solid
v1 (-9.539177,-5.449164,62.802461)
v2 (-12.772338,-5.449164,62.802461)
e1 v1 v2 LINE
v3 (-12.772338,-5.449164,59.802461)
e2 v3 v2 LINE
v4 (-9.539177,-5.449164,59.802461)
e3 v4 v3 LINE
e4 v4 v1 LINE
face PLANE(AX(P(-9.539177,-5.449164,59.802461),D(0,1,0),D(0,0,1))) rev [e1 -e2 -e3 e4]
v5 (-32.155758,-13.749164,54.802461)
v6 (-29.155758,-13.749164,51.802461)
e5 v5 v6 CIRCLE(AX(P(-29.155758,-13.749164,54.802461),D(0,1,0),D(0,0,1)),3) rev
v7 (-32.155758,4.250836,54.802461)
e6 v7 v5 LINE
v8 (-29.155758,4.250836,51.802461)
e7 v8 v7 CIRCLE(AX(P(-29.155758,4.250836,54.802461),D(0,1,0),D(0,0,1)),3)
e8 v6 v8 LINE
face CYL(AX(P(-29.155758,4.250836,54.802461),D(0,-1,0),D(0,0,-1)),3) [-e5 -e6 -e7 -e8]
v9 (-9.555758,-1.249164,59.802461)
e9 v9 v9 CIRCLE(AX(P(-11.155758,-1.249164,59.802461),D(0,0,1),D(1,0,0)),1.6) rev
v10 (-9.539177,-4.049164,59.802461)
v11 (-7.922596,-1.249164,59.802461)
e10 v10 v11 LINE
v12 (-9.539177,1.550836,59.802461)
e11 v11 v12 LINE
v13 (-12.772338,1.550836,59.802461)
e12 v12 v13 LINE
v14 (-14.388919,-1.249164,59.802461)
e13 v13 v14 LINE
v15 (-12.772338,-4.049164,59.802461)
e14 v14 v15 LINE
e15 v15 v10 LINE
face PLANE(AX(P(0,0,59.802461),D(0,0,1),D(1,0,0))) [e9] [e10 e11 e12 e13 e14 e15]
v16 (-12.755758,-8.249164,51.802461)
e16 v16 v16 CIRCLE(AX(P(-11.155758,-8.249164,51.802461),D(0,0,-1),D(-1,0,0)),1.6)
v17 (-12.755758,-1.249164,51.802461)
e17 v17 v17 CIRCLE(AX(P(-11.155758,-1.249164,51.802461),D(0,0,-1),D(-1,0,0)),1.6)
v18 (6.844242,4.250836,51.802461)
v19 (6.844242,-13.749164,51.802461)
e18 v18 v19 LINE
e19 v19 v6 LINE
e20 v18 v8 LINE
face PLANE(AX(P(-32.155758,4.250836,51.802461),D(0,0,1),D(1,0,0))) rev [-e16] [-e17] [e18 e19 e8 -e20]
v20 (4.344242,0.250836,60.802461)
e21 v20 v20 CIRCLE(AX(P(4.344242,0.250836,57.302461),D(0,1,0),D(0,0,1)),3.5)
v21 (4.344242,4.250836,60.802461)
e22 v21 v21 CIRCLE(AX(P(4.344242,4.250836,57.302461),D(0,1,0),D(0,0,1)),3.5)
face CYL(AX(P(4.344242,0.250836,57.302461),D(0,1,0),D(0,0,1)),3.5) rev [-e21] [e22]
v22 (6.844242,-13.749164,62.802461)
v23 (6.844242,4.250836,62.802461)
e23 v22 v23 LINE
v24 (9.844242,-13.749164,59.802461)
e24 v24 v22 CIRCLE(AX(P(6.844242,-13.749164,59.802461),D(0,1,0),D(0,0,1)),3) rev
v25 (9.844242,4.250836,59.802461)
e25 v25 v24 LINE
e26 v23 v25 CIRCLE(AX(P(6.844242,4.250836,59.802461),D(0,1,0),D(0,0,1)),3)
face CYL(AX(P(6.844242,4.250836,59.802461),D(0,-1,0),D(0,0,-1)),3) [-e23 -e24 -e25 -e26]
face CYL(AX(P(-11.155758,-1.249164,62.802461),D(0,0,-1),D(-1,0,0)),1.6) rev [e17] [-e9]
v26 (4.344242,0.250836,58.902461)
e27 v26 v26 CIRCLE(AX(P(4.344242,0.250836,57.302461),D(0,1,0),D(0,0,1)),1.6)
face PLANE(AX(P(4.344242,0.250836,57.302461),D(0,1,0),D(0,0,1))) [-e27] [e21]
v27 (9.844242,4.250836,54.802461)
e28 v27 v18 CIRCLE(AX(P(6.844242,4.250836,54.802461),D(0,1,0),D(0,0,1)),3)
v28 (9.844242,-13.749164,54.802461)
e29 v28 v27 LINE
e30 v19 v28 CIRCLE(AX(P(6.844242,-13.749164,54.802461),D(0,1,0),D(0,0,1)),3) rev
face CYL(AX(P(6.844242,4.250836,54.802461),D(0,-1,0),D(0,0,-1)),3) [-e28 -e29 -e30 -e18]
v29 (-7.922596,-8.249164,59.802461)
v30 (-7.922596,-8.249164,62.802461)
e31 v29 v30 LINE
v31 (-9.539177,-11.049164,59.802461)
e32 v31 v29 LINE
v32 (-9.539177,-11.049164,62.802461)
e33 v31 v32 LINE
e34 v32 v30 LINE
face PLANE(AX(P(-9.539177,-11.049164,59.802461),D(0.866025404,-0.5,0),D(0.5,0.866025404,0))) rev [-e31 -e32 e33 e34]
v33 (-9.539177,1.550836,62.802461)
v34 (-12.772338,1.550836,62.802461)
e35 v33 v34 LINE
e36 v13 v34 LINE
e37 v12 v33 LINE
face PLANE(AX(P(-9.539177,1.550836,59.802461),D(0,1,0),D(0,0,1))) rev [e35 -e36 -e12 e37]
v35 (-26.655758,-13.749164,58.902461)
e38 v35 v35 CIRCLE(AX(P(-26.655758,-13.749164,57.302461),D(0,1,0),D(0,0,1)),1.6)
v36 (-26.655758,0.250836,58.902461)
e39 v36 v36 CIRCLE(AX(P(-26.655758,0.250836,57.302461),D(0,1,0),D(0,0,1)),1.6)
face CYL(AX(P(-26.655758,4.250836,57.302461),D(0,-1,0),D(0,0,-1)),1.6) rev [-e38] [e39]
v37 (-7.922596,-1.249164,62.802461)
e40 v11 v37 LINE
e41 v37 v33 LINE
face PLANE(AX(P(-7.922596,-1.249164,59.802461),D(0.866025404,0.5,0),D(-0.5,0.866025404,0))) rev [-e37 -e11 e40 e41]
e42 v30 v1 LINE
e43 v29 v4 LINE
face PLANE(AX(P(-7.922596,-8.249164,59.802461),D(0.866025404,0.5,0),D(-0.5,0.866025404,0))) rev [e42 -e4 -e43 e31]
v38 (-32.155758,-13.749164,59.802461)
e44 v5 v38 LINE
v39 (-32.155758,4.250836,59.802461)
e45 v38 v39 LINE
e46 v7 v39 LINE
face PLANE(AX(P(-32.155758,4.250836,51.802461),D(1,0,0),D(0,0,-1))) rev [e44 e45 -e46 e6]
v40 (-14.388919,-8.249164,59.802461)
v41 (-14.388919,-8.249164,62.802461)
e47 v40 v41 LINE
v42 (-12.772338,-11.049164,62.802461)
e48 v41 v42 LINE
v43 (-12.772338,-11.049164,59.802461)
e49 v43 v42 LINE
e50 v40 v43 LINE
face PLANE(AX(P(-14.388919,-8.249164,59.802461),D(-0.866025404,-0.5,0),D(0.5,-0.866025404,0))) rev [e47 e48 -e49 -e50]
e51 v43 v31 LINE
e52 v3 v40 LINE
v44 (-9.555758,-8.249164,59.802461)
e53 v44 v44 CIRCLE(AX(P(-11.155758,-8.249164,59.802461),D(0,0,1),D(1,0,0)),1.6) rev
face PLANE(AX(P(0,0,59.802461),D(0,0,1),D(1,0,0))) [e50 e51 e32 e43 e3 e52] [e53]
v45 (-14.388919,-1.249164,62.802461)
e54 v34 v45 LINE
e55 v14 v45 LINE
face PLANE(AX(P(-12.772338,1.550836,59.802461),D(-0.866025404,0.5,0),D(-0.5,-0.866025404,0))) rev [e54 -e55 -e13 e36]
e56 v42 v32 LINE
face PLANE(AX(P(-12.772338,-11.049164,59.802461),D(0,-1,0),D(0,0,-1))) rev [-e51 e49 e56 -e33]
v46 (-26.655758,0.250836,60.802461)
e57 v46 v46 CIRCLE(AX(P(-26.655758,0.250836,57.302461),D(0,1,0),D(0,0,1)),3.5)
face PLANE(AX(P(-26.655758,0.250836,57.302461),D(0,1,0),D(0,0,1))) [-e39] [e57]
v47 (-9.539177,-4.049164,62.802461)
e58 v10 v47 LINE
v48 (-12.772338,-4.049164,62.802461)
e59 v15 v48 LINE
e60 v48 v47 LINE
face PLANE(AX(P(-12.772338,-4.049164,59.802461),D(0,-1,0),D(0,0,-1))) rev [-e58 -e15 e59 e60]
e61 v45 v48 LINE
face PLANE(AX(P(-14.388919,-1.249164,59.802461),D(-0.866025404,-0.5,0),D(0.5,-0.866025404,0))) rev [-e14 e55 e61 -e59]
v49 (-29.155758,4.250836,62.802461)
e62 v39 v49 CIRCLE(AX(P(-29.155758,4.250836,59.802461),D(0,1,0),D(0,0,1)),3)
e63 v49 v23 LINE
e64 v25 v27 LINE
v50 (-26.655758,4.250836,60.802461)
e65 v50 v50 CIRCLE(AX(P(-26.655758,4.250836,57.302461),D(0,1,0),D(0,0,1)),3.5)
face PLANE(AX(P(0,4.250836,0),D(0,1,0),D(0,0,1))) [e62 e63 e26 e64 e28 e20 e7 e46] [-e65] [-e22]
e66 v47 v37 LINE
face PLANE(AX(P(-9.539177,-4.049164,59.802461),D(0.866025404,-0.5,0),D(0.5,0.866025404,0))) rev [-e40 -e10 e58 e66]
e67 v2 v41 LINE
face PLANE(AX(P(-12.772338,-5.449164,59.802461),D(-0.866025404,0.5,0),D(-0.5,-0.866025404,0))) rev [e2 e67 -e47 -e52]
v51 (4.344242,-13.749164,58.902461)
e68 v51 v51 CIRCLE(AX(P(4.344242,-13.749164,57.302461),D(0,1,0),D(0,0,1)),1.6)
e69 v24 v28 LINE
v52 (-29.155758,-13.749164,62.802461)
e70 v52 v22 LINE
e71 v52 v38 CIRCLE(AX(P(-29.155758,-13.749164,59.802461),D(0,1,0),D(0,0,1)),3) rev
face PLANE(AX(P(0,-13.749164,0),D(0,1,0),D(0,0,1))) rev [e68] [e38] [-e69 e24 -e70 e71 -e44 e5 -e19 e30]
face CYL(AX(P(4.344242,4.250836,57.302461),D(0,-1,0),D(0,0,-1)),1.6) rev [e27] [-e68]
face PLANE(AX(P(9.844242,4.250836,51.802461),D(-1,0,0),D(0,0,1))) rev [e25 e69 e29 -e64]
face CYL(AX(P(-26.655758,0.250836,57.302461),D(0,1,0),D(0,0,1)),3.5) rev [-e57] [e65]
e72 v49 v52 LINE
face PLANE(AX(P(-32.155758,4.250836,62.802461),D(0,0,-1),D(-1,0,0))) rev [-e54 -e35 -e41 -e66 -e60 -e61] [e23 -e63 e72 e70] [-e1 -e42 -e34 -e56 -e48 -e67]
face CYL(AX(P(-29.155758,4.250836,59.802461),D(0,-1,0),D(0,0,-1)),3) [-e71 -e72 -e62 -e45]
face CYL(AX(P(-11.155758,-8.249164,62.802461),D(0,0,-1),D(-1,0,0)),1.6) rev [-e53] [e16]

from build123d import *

# Parameters (mm, degrees)
SKETCH_1_W          = 42
SKETCH_1_H          = 11
SKETCH_1_R          = 1.6
EXTRUDE_1_DEPTH     = 18
FILLET_1_R          = 3
SKETCH_3_R          = 3.5
CUT_EXTRUDE_2_DEPTH = 4
SKETCH_4_R          = 1.6
CUT_EXTRUDE_3_DEPTH = 11
CUT_EXTRUDE_4_DEPTH = 3


with BuildPart() as part:
    # 스케치1 → 보스-돌출1 (new body)
    with BuildSketch(Plane(origin=(0, -13.749164409, 0), x_dir=(1, 0, 0), z_dir=(0, 1, 0))):
        with Locations((-11.155757596, -57.302460642)):
            Rectangle(SKETCH_1_W, SKETCH_1_H)
        with Locations((-26.655757596, -57.302460642)):
            Circle(SKETCH_1_R, mode=Mode.SUBTRACT)
        with Locations((4.344242404, -57.302460642)):
            Circle(SKETCH_1_R, mode=Mode.SUBTRACT)
    extrude(amount=EXTRUDE_1_DEPTH)

    # 필렛1
    fillet_1_edges = [part.edges().sort_by_distance(p)[0] for p in [
        (-32.155757596, -4.749164409, 51.802460642),
        (9.844242404, -4.749164409, 51.802460642),
        (9.844242404, -4.749164409, 62.802460642),
        (-32.155757596, -4.749164409, 62.802460642),
    ]]
    fillet(fillet_1_edges, radius=FILLET_1_R)

    # 스케치3 → 컷-돌출2 (cut)
    with BuildSketch(Plane(origin=(0, 4.250835591, 0), x_dir=(1, 0, 0), z_dir=(0, 1, 0))):
        with Locations((-26.655757596, -57.302460642)):
            Circle(SKETCH_3_R)
        with Locations((4.344242404, -57.302460642)):
            Circle(SKETCH_3_R)
    extrude(amount=-CUT_EXTRUDE_2_DEPTH, mode=Mode.SUBTRACT)

    # 스케치4 → 컷-돌출3 (cut)
    with BuildSketch(Plane(origin=(0, 0, 51.802460642), x_dir=(-1, 0, 0), z_dir=(0, 0, -1))):
        with Locations((11.155757596, -1.249164409)):
            Circle(SKETCH_4_R)
        with Locations((11.155757596, -8.249164409)):
            Circle(SKETCH_4_R)
    extrude(amount=-CUT_EXTRUDE_3_DEPTH, mode=Mode.SUBTRACT)

    # 스케치6 → 컷-돌출4 (cut)
    with BuildSketch(Plane.XY.offset(62.802460642)):
        Polygon((-7.922596089, -1.249164409), (-9.539176842, 1.550835591), (-12.77233835, 1.550835591), (-14.388919104, -1.249164409), (-12.77233835, -4.049164409), (-9.539176842, -4.049164409), align=None)
        Polygon((-7.922596089, -8.249164409), (-9.539176842, -5.449164409), (-12.77233835, -5.449164409), (-14.388919104, -8.249164409), (-12.77233835, -11.049164409), (-9.539176842, -11.049164409), align=None)
    extrude(amount=-CUT_EXTRUDE_4_DEPTH, mode=Mode.SUBTRACT)


solid = part.part
